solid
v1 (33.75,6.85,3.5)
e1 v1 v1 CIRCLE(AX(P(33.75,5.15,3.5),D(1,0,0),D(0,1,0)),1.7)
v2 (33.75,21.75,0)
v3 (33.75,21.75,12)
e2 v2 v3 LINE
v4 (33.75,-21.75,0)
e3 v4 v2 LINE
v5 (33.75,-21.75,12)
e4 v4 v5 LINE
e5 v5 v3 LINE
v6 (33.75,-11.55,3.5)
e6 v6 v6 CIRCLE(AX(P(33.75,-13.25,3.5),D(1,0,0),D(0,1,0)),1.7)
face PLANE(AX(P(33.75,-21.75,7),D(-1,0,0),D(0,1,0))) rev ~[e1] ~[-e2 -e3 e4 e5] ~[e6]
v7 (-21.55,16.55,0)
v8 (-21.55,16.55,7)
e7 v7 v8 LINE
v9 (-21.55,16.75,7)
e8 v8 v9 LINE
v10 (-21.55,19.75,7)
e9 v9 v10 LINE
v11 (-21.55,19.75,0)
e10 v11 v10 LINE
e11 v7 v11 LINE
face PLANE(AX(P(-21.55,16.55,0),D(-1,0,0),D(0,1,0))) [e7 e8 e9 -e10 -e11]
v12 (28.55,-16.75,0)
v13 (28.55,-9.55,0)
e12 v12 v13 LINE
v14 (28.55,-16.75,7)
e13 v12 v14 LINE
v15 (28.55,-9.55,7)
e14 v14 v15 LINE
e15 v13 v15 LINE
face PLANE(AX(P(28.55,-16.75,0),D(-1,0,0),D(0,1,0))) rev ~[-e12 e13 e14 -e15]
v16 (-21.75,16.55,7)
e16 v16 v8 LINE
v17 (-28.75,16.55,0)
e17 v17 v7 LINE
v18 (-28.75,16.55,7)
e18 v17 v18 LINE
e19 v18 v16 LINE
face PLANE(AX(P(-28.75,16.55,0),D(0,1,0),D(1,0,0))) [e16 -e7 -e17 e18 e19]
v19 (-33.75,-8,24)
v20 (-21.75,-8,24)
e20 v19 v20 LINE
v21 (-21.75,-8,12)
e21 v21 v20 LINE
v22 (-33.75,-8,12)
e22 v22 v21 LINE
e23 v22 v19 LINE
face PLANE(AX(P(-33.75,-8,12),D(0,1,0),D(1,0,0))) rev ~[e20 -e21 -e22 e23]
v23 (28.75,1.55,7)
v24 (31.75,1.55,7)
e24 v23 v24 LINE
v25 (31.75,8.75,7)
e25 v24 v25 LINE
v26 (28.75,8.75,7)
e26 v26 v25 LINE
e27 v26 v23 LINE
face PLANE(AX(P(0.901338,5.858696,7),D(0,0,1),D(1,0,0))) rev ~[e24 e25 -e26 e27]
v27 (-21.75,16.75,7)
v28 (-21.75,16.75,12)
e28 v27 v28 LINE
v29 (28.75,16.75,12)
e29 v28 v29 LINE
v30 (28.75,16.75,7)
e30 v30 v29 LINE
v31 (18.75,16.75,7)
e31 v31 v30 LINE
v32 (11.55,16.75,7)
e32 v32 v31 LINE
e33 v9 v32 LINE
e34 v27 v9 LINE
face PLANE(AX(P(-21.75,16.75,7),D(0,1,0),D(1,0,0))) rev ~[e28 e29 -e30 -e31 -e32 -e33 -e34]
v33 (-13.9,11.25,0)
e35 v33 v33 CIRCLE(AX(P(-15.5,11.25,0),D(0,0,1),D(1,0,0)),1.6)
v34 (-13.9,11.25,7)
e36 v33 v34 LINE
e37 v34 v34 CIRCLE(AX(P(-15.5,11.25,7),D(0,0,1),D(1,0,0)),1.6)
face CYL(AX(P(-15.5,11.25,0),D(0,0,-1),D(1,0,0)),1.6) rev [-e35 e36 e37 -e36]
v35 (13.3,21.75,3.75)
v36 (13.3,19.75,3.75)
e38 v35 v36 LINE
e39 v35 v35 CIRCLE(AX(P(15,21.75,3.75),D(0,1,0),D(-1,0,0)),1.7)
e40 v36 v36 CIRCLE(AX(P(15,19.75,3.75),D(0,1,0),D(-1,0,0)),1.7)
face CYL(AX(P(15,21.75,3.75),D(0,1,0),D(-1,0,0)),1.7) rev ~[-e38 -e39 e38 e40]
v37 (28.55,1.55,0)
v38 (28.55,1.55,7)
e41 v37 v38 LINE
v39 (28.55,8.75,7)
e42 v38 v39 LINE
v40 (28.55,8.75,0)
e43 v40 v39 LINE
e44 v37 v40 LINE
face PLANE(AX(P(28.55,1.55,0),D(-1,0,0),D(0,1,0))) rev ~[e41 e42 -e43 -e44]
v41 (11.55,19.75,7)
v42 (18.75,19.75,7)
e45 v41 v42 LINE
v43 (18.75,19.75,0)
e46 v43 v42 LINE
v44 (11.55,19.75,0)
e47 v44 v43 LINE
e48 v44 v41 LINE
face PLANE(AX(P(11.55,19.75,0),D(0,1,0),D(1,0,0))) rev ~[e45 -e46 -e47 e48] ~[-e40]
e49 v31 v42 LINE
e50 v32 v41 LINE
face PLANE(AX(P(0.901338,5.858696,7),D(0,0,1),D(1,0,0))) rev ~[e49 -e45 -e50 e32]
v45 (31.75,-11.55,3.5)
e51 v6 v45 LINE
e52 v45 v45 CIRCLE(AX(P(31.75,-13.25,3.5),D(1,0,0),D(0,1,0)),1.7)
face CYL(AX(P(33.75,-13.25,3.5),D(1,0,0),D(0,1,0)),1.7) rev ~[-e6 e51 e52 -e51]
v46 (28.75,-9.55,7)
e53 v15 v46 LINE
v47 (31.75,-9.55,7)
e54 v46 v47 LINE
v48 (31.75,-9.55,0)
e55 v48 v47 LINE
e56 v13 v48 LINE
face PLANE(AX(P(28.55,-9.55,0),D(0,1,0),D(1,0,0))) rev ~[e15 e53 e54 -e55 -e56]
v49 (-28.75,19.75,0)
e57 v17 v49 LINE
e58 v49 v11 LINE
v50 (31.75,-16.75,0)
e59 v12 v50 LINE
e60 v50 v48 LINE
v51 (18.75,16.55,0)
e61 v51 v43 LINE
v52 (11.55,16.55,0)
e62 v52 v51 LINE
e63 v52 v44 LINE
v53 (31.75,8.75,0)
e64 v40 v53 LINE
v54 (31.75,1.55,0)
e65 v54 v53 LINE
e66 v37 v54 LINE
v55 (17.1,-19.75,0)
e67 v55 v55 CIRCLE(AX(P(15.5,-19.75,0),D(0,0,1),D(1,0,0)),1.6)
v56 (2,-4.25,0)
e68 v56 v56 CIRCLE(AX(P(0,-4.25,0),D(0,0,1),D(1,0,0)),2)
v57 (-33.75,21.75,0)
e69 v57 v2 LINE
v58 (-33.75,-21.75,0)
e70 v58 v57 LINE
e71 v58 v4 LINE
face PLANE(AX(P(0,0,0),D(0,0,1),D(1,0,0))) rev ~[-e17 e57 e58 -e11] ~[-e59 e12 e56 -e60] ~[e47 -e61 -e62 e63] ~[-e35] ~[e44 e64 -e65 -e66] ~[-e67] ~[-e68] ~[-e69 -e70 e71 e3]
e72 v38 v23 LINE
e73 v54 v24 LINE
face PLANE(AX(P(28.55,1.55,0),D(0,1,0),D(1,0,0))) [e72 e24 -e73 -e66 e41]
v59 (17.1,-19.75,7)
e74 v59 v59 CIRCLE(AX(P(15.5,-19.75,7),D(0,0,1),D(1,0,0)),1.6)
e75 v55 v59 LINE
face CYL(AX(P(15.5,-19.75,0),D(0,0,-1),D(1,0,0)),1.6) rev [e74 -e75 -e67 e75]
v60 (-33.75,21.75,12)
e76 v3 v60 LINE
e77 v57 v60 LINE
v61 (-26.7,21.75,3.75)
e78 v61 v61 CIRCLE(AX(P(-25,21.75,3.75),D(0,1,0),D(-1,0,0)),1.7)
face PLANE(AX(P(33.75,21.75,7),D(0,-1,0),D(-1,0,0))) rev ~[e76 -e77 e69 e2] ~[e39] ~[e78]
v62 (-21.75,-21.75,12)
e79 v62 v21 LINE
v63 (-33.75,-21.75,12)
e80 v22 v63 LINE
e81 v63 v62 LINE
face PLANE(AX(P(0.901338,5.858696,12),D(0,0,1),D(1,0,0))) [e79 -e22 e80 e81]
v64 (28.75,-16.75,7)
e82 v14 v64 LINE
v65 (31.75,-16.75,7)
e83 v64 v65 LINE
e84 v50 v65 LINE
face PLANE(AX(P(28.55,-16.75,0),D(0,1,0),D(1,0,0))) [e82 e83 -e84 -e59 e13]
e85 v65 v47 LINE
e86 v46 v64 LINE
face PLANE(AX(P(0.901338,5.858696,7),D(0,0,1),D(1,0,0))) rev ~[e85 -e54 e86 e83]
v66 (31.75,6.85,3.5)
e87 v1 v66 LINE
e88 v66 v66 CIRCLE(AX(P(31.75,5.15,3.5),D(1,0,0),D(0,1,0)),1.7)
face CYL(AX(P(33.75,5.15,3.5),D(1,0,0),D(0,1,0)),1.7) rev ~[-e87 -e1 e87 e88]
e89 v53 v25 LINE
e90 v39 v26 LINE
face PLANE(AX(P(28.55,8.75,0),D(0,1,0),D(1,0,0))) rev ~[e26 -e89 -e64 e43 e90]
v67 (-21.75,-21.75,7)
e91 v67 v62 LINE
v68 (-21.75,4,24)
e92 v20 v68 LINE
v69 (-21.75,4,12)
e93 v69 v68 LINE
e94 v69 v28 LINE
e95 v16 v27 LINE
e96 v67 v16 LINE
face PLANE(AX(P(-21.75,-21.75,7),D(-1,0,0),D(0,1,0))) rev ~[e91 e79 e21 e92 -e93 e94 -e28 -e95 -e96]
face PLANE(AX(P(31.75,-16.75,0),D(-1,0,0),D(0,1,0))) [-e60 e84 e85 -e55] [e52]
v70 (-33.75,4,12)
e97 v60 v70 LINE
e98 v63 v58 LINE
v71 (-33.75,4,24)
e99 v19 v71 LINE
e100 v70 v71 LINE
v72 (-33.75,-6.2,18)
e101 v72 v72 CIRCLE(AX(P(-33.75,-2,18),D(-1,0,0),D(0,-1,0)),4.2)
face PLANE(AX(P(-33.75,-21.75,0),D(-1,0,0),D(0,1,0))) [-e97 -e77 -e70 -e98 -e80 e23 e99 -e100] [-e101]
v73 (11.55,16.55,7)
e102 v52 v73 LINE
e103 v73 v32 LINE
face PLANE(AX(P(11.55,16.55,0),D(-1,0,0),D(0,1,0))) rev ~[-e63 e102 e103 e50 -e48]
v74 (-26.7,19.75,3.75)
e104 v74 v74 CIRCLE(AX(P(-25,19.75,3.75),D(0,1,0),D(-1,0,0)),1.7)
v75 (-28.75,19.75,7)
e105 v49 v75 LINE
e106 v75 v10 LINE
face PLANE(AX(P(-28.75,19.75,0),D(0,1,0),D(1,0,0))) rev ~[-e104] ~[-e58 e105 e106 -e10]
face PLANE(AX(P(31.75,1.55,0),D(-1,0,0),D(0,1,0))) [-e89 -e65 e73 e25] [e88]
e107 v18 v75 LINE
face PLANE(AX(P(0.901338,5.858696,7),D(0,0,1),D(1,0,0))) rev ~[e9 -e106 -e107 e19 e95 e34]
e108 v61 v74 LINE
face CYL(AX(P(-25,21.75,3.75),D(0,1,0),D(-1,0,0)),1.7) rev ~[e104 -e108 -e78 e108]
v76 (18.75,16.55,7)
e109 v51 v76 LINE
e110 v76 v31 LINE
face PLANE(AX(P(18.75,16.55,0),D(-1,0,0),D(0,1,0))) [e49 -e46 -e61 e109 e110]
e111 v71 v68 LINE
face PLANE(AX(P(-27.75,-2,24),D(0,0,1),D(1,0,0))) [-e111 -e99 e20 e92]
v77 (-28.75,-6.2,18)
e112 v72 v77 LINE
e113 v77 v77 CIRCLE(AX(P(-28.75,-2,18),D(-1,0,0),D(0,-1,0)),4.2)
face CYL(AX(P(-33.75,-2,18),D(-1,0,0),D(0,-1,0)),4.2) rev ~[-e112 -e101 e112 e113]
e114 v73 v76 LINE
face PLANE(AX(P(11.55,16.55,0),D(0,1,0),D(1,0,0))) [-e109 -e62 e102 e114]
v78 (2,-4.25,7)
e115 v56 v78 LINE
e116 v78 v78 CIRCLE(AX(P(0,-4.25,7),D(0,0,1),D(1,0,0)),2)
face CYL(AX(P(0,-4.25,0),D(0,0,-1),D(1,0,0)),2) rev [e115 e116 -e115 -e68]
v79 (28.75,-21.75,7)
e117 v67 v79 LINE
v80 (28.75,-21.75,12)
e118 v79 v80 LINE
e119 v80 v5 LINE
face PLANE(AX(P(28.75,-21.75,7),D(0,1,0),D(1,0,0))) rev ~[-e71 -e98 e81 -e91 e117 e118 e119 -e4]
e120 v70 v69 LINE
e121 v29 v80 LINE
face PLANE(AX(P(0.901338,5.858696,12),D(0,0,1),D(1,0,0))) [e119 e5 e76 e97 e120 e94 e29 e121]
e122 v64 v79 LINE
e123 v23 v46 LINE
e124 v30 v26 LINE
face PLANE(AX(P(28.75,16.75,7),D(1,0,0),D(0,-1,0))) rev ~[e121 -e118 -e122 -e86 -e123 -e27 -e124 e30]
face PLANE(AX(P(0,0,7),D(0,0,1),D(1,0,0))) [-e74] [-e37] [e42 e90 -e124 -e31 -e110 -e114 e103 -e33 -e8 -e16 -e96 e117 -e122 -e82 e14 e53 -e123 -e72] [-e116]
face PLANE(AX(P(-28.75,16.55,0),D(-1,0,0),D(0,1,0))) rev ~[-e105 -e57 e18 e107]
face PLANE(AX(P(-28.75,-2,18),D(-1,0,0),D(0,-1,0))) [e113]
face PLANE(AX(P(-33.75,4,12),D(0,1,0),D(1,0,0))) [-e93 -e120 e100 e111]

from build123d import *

# Parameters (mm, degrees)
SKETCH_W        = 67.5
SKETCH_H        = 43.5
SKETCH_R        = 2
SKETCH_R_2      = 1.6
SKETCH_W_2      = 7.2
SKETCH_H_2      = 3.2
SKETCH_W_3      = 3.2
SKETCH_H_3      = 7.2
PAD_DEPTH       = 7
PAD001_DEPTH    = 5
SKETCH002_W     = 12
SKETCH002_H     = 12
PAD002_DEPTH    = 12
SKETCH003_R     = 4.2
POCKET_DEPTH    = 5
SKETCH004_R     = 1.7
POCKET001_DEPTH = 5
SKETCH005_R     = 1.7
POCKET002_DEPTH = 5


with BuildPart() as part:
    # Sketch → Pad (new body)
    with BuildSketch(Plane.XY):
        Rectangle(SKETCH_W, SKETCH_H)
        with Locations((0, -4.25)):
            Circle(SKETCH_R, mode=Mode.SUBTRACT)
        with Locations((-15.5, 11.25)):
            Circle(SKETCH_R_2, mode=Mode.SUBTRACT)
        with Locations((15.5, -19.75)):
            Circle(SKETCH_R_2, mode=Mode.SUBTRACT)
        with Locations((15.15, 18.15)):
            Rectangle(SKETCH_W_2, SKETCH_H_2, mode=Mode.SUBTRACT)
        with Locations((-25.15, 18.15)):
            Rectangle(SKETCH_W_2, SKETCH_H_2, mode=Mode.SUBTRACT)
        with Locations((30.15, 5.15)):
            Rectangle(SKETCH_W_3, SKETCH_H_3, mode=Mode.SUBTRACT)
        with Locations((30.15, -13.15)):
            Rectangle(SKETCH_W_3, SKETCH_H_3, mode=Mode.SUBTRACT)
    extrude(amount=PAD_DEPTH)

    # Sketch001 → Pad001 (new body)
    with BuildSketch(Plane.XY.offset(7)):
        Polygon((28.75, -21.75), (33.75, -21.75), (33.75, 21.75), (-33.75, 21.75), (-33.75, -21.75), (-21.75, -21.75), (-21.75, 16.75), (28.75, 16.75), align=None)
    extrude(amount=PAD001_DEPTH)

    # Sketch002 → Pad002 (new body)
    with BuildSketch(Plane.XY.offset(12)):
        with Locations((-27.75, -2)):
            Rectangle(SKETCH002_W, SKETCH002_H)
    extrude(amount=PAD002_DEPTH)

    # Sketch003 → Pocket (cut)
    with BuildSketch(Plane(origin=(-33.75, 0, 0), x_dir=(0, -1, 0), z_dir=(-1, 0, 0))):
        with Locations((2, 18)):
            Circle(SKETCH003_R)
    extrude(amount=-POCKET_DEPTH, mode=Mode.SUBTRACT)

    # Sketch004 → Pocket001 (cut)
    with BuildSketch(Plane(origin=(0, 21.75, 0), x_dir=(-1, 0, 0), z_dir=(0, 1, 0))):
        with Locations((25, 3.75)):
            Circle(SKETCH004_R)
        with Locations((-15, 3.75)):
            Circle(SKETCH004_R)
    extrude(amount=-POCKET001_DEPTH, mode=Mode.SUBTRACT)

    # Sketch005 → Pocket002 (cut)
    with BuildSketch(Plane.YZ.offset(33.75)):
        with Locations((5.15, 3.5)):
            Circle(SKETCH005_R)
        with Locations((-13.25, 3.5)):
            Circle(SKETCH005_R)
    extrude(amount=-POCKET002_DEPTH, mode=Mode.SUBTRACT)


solid = part.part
